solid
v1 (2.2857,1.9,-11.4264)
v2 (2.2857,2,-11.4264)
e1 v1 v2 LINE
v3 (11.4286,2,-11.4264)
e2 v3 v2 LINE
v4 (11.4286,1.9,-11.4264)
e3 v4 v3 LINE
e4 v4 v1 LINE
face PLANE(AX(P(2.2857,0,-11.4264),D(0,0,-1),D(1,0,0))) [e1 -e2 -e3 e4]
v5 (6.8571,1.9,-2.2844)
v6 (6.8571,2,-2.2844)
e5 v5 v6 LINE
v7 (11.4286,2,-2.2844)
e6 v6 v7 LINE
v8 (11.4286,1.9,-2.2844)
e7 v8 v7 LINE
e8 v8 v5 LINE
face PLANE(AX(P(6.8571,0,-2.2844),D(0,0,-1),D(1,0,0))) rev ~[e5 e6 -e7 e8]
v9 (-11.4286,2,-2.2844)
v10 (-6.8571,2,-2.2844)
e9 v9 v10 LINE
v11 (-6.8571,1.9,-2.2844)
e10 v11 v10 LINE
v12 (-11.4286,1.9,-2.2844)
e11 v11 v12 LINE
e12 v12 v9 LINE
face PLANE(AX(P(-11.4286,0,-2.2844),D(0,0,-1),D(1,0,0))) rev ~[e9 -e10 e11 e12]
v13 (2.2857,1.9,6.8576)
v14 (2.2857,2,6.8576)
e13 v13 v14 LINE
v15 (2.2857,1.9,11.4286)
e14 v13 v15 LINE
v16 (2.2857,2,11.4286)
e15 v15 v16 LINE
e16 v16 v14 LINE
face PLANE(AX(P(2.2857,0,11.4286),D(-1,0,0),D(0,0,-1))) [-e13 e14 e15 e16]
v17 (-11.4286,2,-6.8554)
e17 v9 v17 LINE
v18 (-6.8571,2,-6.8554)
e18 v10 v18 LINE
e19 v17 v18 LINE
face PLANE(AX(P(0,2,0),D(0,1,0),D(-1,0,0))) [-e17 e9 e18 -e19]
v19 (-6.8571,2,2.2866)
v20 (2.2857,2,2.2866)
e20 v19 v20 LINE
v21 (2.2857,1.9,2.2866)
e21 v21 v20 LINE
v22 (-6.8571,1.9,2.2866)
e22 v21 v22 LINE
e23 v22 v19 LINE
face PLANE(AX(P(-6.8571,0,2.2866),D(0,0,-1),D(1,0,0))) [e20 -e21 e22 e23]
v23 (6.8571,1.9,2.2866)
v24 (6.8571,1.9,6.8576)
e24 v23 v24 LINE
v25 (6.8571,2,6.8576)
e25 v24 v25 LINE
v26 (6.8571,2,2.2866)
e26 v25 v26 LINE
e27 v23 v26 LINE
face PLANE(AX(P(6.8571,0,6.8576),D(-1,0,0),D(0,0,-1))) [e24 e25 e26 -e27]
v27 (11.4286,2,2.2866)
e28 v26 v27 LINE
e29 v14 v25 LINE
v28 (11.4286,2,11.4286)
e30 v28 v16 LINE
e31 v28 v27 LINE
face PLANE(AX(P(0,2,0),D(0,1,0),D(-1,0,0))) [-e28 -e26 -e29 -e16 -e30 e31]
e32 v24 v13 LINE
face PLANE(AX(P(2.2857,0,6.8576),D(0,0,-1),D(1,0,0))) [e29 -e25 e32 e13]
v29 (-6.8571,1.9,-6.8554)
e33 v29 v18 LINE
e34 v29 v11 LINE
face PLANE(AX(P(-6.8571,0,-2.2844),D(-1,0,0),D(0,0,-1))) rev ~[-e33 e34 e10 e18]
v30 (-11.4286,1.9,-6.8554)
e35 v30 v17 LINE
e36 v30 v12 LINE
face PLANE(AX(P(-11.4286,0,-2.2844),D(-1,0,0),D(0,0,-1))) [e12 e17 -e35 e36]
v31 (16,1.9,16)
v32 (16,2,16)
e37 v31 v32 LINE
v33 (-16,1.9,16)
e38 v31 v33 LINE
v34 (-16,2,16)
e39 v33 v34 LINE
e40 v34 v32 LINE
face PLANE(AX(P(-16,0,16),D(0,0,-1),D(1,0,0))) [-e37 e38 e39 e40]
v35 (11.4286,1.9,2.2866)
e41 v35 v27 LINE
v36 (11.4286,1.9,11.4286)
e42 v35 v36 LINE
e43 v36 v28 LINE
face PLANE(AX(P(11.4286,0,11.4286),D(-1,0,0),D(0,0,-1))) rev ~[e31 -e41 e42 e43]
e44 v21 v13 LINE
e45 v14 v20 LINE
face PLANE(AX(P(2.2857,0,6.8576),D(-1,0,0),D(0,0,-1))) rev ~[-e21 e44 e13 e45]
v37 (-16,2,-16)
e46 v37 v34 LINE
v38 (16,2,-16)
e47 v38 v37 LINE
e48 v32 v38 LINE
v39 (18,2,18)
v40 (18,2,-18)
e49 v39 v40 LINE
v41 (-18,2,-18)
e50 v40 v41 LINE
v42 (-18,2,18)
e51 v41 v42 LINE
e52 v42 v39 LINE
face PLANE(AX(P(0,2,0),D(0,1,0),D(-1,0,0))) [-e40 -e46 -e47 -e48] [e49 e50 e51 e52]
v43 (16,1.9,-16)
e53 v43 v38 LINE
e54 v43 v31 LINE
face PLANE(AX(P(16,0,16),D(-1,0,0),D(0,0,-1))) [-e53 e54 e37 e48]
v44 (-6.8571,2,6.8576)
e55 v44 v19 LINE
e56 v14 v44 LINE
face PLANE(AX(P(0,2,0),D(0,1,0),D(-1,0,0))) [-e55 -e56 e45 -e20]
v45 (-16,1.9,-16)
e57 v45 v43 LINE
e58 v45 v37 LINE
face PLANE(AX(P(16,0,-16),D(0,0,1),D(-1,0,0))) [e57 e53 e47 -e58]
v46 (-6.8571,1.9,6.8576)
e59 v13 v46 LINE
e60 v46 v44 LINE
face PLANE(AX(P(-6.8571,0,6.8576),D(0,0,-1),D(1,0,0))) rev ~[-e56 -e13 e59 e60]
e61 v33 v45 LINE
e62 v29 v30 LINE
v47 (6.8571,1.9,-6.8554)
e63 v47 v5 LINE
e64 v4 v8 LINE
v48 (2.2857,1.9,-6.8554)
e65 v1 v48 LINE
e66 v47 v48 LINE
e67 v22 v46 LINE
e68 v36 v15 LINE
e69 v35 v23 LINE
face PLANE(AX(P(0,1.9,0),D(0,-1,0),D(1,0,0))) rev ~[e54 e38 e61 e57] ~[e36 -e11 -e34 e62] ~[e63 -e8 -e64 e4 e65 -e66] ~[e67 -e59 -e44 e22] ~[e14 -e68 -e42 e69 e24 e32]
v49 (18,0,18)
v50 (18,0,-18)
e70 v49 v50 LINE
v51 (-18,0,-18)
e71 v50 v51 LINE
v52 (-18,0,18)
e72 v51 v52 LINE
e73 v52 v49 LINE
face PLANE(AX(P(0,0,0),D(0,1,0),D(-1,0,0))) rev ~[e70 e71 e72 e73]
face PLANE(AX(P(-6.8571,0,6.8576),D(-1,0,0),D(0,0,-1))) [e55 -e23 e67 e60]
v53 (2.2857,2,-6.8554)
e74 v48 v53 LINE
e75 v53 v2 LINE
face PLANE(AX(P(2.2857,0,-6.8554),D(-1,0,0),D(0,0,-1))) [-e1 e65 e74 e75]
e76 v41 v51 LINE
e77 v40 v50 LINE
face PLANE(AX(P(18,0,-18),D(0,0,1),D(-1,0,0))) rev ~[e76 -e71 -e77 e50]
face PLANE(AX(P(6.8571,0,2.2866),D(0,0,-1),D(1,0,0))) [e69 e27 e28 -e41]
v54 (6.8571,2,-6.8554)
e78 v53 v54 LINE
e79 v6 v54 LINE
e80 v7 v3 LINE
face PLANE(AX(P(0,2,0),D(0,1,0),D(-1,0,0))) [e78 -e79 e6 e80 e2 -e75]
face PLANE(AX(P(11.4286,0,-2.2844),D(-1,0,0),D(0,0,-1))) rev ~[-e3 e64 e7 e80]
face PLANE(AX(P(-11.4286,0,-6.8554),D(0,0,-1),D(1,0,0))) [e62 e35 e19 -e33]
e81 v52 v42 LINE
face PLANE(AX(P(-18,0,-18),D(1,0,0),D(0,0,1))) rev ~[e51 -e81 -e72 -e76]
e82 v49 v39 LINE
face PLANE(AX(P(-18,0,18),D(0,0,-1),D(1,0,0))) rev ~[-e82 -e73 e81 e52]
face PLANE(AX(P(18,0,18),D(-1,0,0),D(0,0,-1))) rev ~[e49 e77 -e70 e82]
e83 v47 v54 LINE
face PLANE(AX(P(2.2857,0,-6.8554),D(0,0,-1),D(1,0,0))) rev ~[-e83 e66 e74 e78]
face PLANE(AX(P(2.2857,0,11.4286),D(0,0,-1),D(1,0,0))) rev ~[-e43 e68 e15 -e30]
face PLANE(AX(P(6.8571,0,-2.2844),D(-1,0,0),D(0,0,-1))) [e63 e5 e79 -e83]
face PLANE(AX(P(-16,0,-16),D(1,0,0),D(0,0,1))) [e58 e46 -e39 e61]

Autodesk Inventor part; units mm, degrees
ref_plane "YZ Plane" through (0, 0, 0) normal (1, 0, 0) x (0, 1, 0)
ref_plane "XZ Plane" through (0, 0, 0) normal (0, 1, 0) x (-1, 0, 0)
ref_plane "XY Plane" through (0, 0, 0) normal (0, 0, 1) x (1, 0, 0)
sketch "スケッチ1" plane through (0, 0, 0) normal (0, 1, 0) x (-1, 0, 0)
  line L0 (16, 16) -> (-16, 16)
  line L1 (-16, 16) -> (-16, -16)
  line L2 (-16, -16) -> (16, -16)
  line L3 (16, -16) -> (16, 16)
  line L4 (16, 16) -> (-16, -16) construction
  line L5 (-16, 16) -> (16, -16) construction
  line L6 (18, 18) -> (-18, 18)
  line L7 (-18, 18) -> (-18, -18)
  line L8 (-18, -18) -> (18, -18)
  line L9 (18, -18) -> (18, 18)
  line L10 (18, 18) -> (-18, -18) construction
  line L11 (-18, 18) -> (18, -18) construction
  line L12 (2.2857, 16) -> (2.2857, -16)
  line L13 (6.8571, 16) -> (6.8571, -16)
  line L14 (11.4286, 16) -> (11.4286, -16)
  line L15 (0, -25.2) -> (0, 25.2) construction
  line L16 (25.2, 0) -> (-25.2, 0) construction
  line L17 (-2.2857, 16) -> (-2.2857, -16)
  line L18 (-6.8571, 16) -> (-6.8571, -16)
  line L19 (-11.4286, 16) -> (-11.4286, -16)
  line L20 (16, 11.4286) -> (-16, 11.4286)
  line L21 (16, 6.8576) -> (-16, 6.8576)
  line L22 (16, 2.2866) -> (-16, 2.2866)
  line L23 (16, -2.2844) -> (-16, -2.2844)
  line L24 (16, -6.8554) -> (-16, -6.8554)
  line L25 (16, -11.4264) -> (-16, -11.4264)
  point P0 (0, 0)
  point P1 (0, 16)
  point P2 (-11.4286, 2.2866)
  point P3 (-6.8571, 2.2866)
  point P4 (-6.8571, 6.8576)
  point P5 (-11.4286, 6.8576)
  point P6 (-2.2857, -6.8554)
  point P7 (-2.2857, -2.2844)
  point P8 (-11.4286, -2.2844)
  point P9 (-11.4286, -11.4264)
  point P10 (2.2857, -11.4264)
  point P11 (2.2857, -6.8554)
  point P12 (11.4286, 6.8576)
  point P13 (6.8571, 6.8576)
  point P14 (6.8571, 2.2866)
  point P15 (-2.2857, 2.2866)
  point P16 (6.8571, -2.2844)
  point P17 (6.8571, -6.8554)
  point P18 (11.4286, -6.8554)
  point P19 (2.2857, -2.2844)
  point P20 (-6.8571, -11.4264)
  point P21 (-2.2857, -11.4264)
  point P22 (-6.8571, -6.8554)
  point P23 (-11.4286, -6.8554)
  point P24 (-6.8571, -2.2844)
  point P25 (-6.8571, 11.4286)
  point P26 (-11.4286, 11.4286)
  point P27 (11.4286, 11.4286)
  point P28 (-2.2857, 11.4286)
  point P29 (-2.2857, 6.8576)
  point P30 (11.4286, -2.2844)
  dimension "d0" = 32
  dimension "d1" = 32
  dimension "d2" = 36
  dimension "d3" = 36
  dimension "d4" = 4.5714
  dimension "d5" = 4.5714
  dimension "d6" = 4.5714
  dimension "d7" = 2.2857
  dimension "d8" = 4.5714
  dimension "d18" = 4.571
extrude "押し出し1" add sketch "スケッチ1" along normal blind 2 contours L13 L22 L12 L21 | L17 L21 L18 L20 | L12 L22 L17 L21 | L14 L24 L13 L23 | L18 L21 L19 L20 | L18 L22 L19 L21 | L18 L24 L19 L23 | L17 L25 L18 L24 | L18 L25 L19 L24 | L9 L8 L7 L6
sketch "スケッチ2" plane through (0, 0, 0) normal (0, -1, 0) x (1, 0, 0)
  line L0 (-18, -18) -> (-18, 18) projected
  line L1 (-18, 18) -> (18, 18) projected
  line L2 (-18, -18) -> (18, -18)
  line L3 (18, -18) -> (18, 18)
  line L4 (18, 18) -> (-18, 18)
  line L5 (-18, 18) -> (-18, -18)
  point P0 (0, 0)
extrude "押し出し2" add sketch "スケッチ2" against normal blind 1.9
equation "\"d4\" = 2 * d7"
equation "\"d5\" = d4"
equation "\"d6\" = d5"
equation "\"d8\" = d4"
properties part number "marker_base"
